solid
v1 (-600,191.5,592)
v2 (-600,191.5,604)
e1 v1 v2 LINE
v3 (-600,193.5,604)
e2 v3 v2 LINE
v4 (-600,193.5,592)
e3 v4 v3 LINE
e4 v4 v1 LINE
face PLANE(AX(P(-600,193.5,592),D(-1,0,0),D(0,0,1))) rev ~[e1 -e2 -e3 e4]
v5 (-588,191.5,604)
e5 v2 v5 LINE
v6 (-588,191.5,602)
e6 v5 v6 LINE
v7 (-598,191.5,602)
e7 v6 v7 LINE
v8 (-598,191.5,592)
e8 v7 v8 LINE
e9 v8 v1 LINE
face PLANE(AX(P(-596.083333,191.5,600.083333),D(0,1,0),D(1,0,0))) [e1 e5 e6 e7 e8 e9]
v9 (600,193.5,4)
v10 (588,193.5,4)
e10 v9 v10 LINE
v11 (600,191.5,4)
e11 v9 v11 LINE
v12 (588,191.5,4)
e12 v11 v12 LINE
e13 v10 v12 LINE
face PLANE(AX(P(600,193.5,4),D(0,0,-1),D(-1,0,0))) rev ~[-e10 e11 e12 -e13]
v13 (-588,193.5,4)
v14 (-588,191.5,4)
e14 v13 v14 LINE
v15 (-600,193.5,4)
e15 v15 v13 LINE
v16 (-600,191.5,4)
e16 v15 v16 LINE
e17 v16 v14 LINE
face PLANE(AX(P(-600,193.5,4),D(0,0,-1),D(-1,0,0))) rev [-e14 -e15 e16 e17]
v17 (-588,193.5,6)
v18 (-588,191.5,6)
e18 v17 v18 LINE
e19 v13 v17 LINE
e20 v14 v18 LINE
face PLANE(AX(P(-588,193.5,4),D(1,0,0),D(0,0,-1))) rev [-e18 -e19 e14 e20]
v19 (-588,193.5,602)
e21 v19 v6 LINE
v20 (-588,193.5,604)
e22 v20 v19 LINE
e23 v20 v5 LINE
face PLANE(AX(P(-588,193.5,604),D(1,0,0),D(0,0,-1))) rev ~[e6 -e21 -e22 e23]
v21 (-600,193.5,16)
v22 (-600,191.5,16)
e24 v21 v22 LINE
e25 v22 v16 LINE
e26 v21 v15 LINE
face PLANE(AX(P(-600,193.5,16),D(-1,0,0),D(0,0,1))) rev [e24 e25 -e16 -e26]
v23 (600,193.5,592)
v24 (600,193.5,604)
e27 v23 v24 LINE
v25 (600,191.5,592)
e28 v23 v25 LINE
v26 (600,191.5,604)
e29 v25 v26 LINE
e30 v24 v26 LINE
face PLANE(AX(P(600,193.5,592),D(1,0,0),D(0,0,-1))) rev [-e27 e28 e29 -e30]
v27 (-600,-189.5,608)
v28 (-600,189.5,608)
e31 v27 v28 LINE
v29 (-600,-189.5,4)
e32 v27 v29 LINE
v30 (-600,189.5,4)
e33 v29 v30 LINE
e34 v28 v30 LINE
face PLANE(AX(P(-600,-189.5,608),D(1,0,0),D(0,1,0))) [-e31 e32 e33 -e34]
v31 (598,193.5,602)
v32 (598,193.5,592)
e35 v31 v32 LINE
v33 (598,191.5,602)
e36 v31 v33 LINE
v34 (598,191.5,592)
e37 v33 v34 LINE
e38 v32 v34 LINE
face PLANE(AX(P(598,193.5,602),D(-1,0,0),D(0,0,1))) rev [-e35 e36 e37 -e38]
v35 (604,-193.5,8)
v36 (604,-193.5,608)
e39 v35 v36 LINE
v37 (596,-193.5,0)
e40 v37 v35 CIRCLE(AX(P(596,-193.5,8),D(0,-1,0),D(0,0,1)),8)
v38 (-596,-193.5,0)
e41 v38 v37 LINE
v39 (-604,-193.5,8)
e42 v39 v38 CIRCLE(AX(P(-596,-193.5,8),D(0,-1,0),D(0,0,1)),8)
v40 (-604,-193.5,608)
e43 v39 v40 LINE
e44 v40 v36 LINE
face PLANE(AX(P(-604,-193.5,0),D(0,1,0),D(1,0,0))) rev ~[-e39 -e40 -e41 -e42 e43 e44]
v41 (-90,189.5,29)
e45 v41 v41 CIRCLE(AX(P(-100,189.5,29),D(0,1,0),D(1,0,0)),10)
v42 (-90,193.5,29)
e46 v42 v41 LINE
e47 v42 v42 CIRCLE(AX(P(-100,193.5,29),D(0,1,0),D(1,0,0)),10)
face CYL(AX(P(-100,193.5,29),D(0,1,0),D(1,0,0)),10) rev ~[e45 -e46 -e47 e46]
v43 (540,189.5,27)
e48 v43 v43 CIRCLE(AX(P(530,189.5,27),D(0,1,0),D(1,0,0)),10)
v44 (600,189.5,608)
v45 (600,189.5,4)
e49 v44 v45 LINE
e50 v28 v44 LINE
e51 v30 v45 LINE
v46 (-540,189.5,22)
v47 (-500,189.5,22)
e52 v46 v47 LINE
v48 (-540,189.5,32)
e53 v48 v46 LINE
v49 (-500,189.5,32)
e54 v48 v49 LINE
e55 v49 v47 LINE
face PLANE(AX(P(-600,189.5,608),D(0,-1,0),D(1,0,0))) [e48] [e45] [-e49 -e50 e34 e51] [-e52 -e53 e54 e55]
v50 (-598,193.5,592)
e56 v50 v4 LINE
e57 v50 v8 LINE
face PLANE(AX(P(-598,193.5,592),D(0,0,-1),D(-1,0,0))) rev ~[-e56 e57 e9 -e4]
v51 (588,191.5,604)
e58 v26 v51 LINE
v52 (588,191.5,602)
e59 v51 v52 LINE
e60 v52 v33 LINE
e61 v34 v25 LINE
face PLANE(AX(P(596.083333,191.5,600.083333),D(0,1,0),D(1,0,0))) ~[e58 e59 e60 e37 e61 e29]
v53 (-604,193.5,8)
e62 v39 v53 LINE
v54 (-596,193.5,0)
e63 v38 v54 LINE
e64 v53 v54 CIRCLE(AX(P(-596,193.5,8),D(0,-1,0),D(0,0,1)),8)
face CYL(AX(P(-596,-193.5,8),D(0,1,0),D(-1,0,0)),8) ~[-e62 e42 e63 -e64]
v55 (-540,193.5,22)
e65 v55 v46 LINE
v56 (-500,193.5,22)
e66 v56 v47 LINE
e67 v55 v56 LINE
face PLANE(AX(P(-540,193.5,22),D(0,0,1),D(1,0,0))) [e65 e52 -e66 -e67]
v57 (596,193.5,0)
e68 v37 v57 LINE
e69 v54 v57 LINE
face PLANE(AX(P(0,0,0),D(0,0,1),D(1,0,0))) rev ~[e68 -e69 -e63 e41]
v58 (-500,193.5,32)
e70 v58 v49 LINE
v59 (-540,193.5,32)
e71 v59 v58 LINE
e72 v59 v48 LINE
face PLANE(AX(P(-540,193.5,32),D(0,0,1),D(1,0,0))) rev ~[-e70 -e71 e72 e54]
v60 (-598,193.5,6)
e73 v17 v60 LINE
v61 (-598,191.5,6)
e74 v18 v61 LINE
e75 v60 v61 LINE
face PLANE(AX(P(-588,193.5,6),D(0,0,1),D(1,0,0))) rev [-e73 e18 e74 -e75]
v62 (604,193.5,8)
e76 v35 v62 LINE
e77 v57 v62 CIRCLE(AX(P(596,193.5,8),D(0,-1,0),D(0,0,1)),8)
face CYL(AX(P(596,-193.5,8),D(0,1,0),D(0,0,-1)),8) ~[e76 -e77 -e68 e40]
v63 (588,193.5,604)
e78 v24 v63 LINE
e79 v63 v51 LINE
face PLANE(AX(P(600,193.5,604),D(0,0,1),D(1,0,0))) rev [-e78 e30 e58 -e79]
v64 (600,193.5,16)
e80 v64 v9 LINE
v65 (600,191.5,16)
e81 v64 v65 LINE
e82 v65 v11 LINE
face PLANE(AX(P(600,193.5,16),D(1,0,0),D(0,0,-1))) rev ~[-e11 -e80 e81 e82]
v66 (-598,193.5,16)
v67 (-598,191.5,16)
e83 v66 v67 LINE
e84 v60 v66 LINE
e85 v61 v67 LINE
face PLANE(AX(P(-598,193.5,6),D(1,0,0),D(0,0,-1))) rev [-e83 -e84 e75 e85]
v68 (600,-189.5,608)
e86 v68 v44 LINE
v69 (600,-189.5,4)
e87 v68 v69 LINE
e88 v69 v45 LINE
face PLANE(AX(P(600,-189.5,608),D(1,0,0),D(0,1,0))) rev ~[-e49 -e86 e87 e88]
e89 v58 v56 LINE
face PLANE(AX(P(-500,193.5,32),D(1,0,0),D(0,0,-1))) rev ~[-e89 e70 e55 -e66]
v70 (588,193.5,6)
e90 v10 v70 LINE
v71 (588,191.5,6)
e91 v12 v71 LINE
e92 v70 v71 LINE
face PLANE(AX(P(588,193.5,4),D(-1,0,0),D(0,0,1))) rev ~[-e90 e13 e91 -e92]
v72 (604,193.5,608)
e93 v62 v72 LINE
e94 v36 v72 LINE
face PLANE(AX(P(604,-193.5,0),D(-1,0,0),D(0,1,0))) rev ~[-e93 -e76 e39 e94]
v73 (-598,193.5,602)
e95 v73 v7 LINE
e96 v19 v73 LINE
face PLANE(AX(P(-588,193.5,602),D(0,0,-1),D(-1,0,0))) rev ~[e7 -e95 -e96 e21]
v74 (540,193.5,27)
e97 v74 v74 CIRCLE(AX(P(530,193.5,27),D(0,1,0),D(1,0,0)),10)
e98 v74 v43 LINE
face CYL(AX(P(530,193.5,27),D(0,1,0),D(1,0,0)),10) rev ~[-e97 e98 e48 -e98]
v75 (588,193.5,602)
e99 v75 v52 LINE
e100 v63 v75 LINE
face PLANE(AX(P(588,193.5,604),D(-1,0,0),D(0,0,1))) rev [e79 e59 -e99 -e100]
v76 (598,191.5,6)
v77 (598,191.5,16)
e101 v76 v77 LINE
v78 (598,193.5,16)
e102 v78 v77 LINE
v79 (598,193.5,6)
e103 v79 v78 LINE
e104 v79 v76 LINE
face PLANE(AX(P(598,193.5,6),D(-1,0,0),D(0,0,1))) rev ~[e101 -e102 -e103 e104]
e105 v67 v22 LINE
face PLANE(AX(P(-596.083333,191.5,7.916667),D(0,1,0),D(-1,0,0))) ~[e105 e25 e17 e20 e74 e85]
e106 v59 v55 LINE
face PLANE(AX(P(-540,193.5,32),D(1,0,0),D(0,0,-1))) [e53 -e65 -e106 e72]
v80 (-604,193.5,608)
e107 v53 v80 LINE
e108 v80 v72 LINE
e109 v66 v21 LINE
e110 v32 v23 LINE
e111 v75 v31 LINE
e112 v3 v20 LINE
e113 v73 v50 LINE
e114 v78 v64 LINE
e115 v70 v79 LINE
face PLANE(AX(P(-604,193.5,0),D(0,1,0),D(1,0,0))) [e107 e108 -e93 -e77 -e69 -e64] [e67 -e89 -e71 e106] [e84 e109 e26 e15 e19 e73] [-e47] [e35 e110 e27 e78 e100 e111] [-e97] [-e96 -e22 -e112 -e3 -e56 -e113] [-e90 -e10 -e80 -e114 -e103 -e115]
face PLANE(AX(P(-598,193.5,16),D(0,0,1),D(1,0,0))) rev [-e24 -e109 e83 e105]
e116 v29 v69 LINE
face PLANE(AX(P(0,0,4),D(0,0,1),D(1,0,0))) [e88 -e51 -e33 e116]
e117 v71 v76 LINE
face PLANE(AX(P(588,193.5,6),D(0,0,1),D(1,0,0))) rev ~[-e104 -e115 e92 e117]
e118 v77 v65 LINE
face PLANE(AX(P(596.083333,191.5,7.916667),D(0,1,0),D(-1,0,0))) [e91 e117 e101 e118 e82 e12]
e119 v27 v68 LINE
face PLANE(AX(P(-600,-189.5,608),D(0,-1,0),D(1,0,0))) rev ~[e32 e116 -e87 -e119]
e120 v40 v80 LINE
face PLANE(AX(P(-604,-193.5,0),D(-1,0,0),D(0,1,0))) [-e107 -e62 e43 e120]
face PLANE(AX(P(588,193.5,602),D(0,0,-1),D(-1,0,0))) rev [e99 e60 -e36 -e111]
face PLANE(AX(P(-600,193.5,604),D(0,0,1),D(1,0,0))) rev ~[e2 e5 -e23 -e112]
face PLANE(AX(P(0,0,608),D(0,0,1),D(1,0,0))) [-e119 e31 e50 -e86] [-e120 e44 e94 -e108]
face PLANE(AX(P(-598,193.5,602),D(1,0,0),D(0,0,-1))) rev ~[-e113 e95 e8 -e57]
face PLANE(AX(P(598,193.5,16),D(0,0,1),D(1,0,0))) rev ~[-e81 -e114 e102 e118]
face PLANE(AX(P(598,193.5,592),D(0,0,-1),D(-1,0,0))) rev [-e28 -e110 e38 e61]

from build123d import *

# Parameters (mm, degrees)
SKETCH1_W            = 1208
SKETCH1_H            = 387
BOSS_EXTRUDE1_DEPTH  = 608
SKETCH2_W            = 1200
SKETCH2_H            = 379
CUT_EXTRUDE1_DEPTH   = 604
FILLET1_R            = 8
CUT_EXTRUDE2_DEPTH   = 2
MIRROR2_COPY_1_DEPTH = 2
SKETCH5_R            = 10
SKETCH5_W            = 40
SKETCH5_H            = 10
CUT_EXTRUDE4_DEPTH   = 4


with BuildPart() as part:
    # Sketch1 → Boss-Extrude1 (new body)
    with BuildSketch(Plane.XY):
        Rectangle(SKETCH1_W, SKETCH1_H)
    extrude(amount=BOSS_EXTRUDE1_DEPTH)

    # Sketch2 → Cut-Extrude1 (cut)
    with BuildSketch(Plane.XY.offset(608)):
        Rectangle(SKETCH2_W, SKETCH2_H)
    extrude(amount=-CUT_EXTRUDE1_DEPTH, mode=Mode.SUBTRACT)

    # Fillet1
    fillet1_edges = [part.edges().sort_by_distance(p)[0] for p in [
        (-604, 0, 0),
        (604, 0, 0),
    ]]
    fillet(fillet1_edges, radius=FILLET1_R)

    # Sketch4 → Cut-Extrude2 (cut)
    with BuildSketch(Plane(origin=(0, 193.5, 0), x_dir=(1, 0, 0), z_dir=(0, 1, 0))):
        Polygon((-600, -604), (-588, -604), (-588, -602), (-598, -602), (-598, -592), (-600, -592), align=None)
    cut_extrude2 = extrude(amount=-CUT_EXTRUDE2_DEPTH, mode=Mode.SUBTRACT)

    # Mirror1: Cut-Extrude2 across plane
    add(cut_extrude2.mirror(Plane(origin=(0, 0, 0), x_dir=(0, 0, 1), z_dir=(1, 0, 0))), mode=Mode.SUBTRACT)

    # Mirror2: Cut-Extrude2 across plane
    add(cut_extrude2.mirror(Plane.XY.offset(304)), mode=Mode.SUBTRACT)

    # Mirror2 copy 1 sketch → Mirror2 copy 1 (cut)
    with BuildSketch(Plane(origin=(0, 193.5, 608), x_dir=(-1, 0, 0), z_dir=(0, 1, 0))):
        Polygon((-600, -604), (-588, -604), (-588, -602), (-598, -602), (-598, -592), (-600, -592), align=None)
    extrude(amount=-MIRROR2_COPY_1_DEPTH, mode=Mode.SUBTRACT)

    # Sketch5 → Cut-Extrude4 (cut)
    with BuildSketch(Plane(origin=(0, 193.5, 0), x_dir=(1, 0, 0), z_dir=(0, 1, 0))):
        with Locations((-100, -29)):
            Circle(SKETCH5_R)
        with Locations((530, -27)):
            Circle(SKETCH5_R)
        with Locations((-520, -27)):
            Rectangle(SKETCH5_W, SKETCH5_H)
    extrude(amount=-CUT_EXTRUDE4_DEPTH, mode=Mode.SUBTRACT)


solid = part.part
